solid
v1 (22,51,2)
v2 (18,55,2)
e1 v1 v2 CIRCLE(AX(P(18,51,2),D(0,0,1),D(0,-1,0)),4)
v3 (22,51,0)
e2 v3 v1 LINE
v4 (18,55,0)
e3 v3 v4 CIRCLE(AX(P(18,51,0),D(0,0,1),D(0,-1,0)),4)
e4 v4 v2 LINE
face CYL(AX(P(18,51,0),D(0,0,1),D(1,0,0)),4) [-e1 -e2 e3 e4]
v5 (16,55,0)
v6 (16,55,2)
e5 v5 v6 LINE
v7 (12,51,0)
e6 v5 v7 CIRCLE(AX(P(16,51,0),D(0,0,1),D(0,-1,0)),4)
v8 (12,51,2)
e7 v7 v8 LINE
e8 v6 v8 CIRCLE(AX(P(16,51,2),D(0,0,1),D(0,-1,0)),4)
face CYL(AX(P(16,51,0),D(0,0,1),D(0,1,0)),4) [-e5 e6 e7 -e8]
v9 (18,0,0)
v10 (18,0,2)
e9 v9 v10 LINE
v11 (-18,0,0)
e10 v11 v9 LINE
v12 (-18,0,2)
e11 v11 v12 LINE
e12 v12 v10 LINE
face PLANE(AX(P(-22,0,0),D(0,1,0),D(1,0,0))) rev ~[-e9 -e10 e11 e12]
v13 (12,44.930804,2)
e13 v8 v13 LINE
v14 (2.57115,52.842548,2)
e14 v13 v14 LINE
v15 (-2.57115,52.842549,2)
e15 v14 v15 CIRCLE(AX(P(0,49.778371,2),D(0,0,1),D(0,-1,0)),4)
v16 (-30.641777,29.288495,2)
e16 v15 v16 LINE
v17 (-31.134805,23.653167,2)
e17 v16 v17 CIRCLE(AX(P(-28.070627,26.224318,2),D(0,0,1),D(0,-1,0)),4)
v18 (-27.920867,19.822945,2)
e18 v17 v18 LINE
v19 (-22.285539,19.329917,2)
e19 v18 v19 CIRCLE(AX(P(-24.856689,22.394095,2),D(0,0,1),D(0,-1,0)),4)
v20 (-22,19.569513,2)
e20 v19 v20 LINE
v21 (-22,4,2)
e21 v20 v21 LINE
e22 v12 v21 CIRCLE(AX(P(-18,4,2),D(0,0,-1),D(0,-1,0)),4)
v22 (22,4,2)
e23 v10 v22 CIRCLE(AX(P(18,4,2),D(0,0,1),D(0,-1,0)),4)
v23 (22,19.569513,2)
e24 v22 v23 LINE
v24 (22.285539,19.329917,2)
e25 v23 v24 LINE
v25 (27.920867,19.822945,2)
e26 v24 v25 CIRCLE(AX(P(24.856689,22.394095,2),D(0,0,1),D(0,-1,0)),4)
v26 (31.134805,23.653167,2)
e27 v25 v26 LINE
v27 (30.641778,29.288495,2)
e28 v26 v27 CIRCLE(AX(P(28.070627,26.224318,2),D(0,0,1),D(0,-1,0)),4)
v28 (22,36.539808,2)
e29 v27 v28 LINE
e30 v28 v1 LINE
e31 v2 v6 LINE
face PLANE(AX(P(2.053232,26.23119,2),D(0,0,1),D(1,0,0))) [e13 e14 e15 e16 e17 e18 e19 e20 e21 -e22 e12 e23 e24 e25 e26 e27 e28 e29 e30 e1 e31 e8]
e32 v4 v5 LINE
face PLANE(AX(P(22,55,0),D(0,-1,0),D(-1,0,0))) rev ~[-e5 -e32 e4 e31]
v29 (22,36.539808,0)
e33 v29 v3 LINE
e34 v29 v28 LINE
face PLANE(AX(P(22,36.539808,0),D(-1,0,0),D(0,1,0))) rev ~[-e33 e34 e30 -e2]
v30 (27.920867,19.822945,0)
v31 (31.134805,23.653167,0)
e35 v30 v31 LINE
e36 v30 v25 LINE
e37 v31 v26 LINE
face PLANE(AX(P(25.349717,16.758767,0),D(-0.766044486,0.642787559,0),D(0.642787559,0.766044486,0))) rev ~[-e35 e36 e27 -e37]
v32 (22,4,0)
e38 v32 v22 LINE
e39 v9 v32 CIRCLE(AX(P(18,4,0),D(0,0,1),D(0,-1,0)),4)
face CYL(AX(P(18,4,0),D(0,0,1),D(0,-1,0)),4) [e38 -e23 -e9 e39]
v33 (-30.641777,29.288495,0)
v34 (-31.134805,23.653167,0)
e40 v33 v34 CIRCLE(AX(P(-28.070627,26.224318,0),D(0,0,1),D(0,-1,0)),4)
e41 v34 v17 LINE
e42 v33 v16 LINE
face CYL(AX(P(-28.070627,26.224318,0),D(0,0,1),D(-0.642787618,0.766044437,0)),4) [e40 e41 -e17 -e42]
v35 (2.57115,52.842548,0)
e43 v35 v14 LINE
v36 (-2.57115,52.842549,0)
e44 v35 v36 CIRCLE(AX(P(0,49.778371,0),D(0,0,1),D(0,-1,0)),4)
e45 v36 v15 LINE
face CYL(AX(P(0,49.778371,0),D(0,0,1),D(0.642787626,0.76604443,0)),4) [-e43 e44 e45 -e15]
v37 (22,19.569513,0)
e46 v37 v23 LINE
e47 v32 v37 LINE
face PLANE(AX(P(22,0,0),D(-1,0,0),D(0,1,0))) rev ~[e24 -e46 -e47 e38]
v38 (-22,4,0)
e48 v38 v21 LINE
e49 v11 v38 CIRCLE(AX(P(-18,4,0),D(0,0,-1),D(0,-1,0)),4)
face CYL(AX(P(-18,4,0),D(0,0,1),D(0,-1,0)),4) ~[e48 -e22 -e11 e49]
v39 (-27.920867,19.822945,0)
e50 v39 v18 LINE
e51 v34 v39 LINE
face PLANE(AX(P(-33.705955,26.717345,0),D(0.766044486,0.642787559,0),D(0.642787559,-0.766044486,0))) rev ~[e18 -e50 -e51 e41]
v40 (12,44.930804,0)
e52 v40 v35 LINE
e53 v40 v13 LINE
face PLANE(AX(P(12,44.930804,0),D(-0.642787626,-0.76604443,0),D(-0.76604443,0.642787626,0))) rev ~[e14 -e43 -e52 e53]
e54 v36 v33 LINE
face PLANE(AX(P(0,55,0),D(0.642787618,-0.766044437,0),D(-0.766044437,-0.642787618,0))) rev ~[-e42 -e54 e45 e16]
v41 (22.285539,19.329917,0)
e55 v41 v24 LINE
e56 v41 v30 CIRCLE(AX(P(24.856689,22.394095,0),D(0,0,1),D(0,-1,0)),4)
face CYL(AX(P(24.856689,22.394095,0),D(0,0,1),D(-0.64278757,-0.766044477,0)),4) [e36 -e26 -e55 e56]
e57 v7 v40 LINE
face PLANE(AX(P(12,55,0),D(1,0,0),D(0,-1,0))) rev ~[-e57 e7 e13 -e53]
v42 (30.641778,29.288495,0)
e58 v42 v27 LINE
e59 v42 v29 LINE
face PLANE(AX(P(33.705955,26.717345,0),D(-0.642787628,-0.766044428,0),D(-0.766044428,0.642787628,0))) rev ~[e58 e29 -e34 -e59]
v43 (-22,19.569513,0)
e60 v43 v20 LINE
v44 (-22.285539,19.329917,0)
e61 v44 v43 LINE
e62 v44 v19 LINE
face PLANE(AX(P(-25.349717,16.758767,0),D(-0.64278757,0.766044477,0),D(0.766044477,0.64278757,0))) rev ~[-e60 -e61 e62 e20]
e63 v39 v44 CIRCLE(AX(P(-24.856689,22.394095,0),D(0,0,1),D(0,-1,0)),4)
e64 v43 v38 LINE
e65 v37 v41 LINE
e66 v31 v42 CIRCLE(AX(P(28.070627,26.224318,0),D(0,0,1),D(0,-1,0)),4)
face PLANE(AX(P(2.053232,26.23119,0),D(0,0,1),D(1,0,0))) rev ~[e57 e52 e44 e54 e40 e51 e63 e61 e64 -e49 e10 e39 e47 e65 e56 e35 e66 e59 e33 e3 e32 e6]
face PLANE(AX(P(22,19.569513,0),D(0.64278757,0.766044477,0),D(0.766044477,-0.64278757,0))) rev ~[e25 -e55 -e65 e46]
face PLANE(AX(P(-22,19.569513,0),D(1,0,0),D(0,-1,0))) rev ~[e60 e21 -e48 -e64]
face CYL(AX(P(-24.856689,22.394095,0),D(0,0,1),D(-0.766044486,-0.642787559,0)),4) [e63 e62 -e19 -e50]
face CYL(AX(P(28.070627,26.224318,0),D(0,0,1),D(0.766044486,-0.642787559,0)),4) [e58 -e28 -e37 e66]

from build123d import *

# Parameters (mm, degrees)
PAD_DEPTH = 2
FILLET_R  = 4


with BuildPart() as part:
    # Sketch → Pad (new body)
    with BuildSketch(Plane.XY):
        Polygon((-22, 0), (22, 0), (22, 19.569513), (25.349717, 16.758767), (33.705955, 26.717345), (22, 36.539808), (22, 55), (12, 55), (12, 44.930804), (0, 55), (-33.705955, 26.717345), (-25.349717, 16.758767), (-22, 19.569513), align=None)
    extrude(amount=PAD_DEPTH)

    # Fillet
    fillet_edges = [part.edges().sort_by_distance(p)[0] for p in [
        (22, 0, 1),
        (25.349717, 16.758767, 1),
        (33.705955, 26.717345, 1),
        (12, 55, 1),
        (22, 55, 1),
        (0, 55, 1),
        (-33.705955, 26.717345, 1),
        (-25.349717, 16.758767, 1),
        (-22, 0, 1),
    ]]
    fillet(fillet_edges, radius=FILLET_R)


solid = part.part
